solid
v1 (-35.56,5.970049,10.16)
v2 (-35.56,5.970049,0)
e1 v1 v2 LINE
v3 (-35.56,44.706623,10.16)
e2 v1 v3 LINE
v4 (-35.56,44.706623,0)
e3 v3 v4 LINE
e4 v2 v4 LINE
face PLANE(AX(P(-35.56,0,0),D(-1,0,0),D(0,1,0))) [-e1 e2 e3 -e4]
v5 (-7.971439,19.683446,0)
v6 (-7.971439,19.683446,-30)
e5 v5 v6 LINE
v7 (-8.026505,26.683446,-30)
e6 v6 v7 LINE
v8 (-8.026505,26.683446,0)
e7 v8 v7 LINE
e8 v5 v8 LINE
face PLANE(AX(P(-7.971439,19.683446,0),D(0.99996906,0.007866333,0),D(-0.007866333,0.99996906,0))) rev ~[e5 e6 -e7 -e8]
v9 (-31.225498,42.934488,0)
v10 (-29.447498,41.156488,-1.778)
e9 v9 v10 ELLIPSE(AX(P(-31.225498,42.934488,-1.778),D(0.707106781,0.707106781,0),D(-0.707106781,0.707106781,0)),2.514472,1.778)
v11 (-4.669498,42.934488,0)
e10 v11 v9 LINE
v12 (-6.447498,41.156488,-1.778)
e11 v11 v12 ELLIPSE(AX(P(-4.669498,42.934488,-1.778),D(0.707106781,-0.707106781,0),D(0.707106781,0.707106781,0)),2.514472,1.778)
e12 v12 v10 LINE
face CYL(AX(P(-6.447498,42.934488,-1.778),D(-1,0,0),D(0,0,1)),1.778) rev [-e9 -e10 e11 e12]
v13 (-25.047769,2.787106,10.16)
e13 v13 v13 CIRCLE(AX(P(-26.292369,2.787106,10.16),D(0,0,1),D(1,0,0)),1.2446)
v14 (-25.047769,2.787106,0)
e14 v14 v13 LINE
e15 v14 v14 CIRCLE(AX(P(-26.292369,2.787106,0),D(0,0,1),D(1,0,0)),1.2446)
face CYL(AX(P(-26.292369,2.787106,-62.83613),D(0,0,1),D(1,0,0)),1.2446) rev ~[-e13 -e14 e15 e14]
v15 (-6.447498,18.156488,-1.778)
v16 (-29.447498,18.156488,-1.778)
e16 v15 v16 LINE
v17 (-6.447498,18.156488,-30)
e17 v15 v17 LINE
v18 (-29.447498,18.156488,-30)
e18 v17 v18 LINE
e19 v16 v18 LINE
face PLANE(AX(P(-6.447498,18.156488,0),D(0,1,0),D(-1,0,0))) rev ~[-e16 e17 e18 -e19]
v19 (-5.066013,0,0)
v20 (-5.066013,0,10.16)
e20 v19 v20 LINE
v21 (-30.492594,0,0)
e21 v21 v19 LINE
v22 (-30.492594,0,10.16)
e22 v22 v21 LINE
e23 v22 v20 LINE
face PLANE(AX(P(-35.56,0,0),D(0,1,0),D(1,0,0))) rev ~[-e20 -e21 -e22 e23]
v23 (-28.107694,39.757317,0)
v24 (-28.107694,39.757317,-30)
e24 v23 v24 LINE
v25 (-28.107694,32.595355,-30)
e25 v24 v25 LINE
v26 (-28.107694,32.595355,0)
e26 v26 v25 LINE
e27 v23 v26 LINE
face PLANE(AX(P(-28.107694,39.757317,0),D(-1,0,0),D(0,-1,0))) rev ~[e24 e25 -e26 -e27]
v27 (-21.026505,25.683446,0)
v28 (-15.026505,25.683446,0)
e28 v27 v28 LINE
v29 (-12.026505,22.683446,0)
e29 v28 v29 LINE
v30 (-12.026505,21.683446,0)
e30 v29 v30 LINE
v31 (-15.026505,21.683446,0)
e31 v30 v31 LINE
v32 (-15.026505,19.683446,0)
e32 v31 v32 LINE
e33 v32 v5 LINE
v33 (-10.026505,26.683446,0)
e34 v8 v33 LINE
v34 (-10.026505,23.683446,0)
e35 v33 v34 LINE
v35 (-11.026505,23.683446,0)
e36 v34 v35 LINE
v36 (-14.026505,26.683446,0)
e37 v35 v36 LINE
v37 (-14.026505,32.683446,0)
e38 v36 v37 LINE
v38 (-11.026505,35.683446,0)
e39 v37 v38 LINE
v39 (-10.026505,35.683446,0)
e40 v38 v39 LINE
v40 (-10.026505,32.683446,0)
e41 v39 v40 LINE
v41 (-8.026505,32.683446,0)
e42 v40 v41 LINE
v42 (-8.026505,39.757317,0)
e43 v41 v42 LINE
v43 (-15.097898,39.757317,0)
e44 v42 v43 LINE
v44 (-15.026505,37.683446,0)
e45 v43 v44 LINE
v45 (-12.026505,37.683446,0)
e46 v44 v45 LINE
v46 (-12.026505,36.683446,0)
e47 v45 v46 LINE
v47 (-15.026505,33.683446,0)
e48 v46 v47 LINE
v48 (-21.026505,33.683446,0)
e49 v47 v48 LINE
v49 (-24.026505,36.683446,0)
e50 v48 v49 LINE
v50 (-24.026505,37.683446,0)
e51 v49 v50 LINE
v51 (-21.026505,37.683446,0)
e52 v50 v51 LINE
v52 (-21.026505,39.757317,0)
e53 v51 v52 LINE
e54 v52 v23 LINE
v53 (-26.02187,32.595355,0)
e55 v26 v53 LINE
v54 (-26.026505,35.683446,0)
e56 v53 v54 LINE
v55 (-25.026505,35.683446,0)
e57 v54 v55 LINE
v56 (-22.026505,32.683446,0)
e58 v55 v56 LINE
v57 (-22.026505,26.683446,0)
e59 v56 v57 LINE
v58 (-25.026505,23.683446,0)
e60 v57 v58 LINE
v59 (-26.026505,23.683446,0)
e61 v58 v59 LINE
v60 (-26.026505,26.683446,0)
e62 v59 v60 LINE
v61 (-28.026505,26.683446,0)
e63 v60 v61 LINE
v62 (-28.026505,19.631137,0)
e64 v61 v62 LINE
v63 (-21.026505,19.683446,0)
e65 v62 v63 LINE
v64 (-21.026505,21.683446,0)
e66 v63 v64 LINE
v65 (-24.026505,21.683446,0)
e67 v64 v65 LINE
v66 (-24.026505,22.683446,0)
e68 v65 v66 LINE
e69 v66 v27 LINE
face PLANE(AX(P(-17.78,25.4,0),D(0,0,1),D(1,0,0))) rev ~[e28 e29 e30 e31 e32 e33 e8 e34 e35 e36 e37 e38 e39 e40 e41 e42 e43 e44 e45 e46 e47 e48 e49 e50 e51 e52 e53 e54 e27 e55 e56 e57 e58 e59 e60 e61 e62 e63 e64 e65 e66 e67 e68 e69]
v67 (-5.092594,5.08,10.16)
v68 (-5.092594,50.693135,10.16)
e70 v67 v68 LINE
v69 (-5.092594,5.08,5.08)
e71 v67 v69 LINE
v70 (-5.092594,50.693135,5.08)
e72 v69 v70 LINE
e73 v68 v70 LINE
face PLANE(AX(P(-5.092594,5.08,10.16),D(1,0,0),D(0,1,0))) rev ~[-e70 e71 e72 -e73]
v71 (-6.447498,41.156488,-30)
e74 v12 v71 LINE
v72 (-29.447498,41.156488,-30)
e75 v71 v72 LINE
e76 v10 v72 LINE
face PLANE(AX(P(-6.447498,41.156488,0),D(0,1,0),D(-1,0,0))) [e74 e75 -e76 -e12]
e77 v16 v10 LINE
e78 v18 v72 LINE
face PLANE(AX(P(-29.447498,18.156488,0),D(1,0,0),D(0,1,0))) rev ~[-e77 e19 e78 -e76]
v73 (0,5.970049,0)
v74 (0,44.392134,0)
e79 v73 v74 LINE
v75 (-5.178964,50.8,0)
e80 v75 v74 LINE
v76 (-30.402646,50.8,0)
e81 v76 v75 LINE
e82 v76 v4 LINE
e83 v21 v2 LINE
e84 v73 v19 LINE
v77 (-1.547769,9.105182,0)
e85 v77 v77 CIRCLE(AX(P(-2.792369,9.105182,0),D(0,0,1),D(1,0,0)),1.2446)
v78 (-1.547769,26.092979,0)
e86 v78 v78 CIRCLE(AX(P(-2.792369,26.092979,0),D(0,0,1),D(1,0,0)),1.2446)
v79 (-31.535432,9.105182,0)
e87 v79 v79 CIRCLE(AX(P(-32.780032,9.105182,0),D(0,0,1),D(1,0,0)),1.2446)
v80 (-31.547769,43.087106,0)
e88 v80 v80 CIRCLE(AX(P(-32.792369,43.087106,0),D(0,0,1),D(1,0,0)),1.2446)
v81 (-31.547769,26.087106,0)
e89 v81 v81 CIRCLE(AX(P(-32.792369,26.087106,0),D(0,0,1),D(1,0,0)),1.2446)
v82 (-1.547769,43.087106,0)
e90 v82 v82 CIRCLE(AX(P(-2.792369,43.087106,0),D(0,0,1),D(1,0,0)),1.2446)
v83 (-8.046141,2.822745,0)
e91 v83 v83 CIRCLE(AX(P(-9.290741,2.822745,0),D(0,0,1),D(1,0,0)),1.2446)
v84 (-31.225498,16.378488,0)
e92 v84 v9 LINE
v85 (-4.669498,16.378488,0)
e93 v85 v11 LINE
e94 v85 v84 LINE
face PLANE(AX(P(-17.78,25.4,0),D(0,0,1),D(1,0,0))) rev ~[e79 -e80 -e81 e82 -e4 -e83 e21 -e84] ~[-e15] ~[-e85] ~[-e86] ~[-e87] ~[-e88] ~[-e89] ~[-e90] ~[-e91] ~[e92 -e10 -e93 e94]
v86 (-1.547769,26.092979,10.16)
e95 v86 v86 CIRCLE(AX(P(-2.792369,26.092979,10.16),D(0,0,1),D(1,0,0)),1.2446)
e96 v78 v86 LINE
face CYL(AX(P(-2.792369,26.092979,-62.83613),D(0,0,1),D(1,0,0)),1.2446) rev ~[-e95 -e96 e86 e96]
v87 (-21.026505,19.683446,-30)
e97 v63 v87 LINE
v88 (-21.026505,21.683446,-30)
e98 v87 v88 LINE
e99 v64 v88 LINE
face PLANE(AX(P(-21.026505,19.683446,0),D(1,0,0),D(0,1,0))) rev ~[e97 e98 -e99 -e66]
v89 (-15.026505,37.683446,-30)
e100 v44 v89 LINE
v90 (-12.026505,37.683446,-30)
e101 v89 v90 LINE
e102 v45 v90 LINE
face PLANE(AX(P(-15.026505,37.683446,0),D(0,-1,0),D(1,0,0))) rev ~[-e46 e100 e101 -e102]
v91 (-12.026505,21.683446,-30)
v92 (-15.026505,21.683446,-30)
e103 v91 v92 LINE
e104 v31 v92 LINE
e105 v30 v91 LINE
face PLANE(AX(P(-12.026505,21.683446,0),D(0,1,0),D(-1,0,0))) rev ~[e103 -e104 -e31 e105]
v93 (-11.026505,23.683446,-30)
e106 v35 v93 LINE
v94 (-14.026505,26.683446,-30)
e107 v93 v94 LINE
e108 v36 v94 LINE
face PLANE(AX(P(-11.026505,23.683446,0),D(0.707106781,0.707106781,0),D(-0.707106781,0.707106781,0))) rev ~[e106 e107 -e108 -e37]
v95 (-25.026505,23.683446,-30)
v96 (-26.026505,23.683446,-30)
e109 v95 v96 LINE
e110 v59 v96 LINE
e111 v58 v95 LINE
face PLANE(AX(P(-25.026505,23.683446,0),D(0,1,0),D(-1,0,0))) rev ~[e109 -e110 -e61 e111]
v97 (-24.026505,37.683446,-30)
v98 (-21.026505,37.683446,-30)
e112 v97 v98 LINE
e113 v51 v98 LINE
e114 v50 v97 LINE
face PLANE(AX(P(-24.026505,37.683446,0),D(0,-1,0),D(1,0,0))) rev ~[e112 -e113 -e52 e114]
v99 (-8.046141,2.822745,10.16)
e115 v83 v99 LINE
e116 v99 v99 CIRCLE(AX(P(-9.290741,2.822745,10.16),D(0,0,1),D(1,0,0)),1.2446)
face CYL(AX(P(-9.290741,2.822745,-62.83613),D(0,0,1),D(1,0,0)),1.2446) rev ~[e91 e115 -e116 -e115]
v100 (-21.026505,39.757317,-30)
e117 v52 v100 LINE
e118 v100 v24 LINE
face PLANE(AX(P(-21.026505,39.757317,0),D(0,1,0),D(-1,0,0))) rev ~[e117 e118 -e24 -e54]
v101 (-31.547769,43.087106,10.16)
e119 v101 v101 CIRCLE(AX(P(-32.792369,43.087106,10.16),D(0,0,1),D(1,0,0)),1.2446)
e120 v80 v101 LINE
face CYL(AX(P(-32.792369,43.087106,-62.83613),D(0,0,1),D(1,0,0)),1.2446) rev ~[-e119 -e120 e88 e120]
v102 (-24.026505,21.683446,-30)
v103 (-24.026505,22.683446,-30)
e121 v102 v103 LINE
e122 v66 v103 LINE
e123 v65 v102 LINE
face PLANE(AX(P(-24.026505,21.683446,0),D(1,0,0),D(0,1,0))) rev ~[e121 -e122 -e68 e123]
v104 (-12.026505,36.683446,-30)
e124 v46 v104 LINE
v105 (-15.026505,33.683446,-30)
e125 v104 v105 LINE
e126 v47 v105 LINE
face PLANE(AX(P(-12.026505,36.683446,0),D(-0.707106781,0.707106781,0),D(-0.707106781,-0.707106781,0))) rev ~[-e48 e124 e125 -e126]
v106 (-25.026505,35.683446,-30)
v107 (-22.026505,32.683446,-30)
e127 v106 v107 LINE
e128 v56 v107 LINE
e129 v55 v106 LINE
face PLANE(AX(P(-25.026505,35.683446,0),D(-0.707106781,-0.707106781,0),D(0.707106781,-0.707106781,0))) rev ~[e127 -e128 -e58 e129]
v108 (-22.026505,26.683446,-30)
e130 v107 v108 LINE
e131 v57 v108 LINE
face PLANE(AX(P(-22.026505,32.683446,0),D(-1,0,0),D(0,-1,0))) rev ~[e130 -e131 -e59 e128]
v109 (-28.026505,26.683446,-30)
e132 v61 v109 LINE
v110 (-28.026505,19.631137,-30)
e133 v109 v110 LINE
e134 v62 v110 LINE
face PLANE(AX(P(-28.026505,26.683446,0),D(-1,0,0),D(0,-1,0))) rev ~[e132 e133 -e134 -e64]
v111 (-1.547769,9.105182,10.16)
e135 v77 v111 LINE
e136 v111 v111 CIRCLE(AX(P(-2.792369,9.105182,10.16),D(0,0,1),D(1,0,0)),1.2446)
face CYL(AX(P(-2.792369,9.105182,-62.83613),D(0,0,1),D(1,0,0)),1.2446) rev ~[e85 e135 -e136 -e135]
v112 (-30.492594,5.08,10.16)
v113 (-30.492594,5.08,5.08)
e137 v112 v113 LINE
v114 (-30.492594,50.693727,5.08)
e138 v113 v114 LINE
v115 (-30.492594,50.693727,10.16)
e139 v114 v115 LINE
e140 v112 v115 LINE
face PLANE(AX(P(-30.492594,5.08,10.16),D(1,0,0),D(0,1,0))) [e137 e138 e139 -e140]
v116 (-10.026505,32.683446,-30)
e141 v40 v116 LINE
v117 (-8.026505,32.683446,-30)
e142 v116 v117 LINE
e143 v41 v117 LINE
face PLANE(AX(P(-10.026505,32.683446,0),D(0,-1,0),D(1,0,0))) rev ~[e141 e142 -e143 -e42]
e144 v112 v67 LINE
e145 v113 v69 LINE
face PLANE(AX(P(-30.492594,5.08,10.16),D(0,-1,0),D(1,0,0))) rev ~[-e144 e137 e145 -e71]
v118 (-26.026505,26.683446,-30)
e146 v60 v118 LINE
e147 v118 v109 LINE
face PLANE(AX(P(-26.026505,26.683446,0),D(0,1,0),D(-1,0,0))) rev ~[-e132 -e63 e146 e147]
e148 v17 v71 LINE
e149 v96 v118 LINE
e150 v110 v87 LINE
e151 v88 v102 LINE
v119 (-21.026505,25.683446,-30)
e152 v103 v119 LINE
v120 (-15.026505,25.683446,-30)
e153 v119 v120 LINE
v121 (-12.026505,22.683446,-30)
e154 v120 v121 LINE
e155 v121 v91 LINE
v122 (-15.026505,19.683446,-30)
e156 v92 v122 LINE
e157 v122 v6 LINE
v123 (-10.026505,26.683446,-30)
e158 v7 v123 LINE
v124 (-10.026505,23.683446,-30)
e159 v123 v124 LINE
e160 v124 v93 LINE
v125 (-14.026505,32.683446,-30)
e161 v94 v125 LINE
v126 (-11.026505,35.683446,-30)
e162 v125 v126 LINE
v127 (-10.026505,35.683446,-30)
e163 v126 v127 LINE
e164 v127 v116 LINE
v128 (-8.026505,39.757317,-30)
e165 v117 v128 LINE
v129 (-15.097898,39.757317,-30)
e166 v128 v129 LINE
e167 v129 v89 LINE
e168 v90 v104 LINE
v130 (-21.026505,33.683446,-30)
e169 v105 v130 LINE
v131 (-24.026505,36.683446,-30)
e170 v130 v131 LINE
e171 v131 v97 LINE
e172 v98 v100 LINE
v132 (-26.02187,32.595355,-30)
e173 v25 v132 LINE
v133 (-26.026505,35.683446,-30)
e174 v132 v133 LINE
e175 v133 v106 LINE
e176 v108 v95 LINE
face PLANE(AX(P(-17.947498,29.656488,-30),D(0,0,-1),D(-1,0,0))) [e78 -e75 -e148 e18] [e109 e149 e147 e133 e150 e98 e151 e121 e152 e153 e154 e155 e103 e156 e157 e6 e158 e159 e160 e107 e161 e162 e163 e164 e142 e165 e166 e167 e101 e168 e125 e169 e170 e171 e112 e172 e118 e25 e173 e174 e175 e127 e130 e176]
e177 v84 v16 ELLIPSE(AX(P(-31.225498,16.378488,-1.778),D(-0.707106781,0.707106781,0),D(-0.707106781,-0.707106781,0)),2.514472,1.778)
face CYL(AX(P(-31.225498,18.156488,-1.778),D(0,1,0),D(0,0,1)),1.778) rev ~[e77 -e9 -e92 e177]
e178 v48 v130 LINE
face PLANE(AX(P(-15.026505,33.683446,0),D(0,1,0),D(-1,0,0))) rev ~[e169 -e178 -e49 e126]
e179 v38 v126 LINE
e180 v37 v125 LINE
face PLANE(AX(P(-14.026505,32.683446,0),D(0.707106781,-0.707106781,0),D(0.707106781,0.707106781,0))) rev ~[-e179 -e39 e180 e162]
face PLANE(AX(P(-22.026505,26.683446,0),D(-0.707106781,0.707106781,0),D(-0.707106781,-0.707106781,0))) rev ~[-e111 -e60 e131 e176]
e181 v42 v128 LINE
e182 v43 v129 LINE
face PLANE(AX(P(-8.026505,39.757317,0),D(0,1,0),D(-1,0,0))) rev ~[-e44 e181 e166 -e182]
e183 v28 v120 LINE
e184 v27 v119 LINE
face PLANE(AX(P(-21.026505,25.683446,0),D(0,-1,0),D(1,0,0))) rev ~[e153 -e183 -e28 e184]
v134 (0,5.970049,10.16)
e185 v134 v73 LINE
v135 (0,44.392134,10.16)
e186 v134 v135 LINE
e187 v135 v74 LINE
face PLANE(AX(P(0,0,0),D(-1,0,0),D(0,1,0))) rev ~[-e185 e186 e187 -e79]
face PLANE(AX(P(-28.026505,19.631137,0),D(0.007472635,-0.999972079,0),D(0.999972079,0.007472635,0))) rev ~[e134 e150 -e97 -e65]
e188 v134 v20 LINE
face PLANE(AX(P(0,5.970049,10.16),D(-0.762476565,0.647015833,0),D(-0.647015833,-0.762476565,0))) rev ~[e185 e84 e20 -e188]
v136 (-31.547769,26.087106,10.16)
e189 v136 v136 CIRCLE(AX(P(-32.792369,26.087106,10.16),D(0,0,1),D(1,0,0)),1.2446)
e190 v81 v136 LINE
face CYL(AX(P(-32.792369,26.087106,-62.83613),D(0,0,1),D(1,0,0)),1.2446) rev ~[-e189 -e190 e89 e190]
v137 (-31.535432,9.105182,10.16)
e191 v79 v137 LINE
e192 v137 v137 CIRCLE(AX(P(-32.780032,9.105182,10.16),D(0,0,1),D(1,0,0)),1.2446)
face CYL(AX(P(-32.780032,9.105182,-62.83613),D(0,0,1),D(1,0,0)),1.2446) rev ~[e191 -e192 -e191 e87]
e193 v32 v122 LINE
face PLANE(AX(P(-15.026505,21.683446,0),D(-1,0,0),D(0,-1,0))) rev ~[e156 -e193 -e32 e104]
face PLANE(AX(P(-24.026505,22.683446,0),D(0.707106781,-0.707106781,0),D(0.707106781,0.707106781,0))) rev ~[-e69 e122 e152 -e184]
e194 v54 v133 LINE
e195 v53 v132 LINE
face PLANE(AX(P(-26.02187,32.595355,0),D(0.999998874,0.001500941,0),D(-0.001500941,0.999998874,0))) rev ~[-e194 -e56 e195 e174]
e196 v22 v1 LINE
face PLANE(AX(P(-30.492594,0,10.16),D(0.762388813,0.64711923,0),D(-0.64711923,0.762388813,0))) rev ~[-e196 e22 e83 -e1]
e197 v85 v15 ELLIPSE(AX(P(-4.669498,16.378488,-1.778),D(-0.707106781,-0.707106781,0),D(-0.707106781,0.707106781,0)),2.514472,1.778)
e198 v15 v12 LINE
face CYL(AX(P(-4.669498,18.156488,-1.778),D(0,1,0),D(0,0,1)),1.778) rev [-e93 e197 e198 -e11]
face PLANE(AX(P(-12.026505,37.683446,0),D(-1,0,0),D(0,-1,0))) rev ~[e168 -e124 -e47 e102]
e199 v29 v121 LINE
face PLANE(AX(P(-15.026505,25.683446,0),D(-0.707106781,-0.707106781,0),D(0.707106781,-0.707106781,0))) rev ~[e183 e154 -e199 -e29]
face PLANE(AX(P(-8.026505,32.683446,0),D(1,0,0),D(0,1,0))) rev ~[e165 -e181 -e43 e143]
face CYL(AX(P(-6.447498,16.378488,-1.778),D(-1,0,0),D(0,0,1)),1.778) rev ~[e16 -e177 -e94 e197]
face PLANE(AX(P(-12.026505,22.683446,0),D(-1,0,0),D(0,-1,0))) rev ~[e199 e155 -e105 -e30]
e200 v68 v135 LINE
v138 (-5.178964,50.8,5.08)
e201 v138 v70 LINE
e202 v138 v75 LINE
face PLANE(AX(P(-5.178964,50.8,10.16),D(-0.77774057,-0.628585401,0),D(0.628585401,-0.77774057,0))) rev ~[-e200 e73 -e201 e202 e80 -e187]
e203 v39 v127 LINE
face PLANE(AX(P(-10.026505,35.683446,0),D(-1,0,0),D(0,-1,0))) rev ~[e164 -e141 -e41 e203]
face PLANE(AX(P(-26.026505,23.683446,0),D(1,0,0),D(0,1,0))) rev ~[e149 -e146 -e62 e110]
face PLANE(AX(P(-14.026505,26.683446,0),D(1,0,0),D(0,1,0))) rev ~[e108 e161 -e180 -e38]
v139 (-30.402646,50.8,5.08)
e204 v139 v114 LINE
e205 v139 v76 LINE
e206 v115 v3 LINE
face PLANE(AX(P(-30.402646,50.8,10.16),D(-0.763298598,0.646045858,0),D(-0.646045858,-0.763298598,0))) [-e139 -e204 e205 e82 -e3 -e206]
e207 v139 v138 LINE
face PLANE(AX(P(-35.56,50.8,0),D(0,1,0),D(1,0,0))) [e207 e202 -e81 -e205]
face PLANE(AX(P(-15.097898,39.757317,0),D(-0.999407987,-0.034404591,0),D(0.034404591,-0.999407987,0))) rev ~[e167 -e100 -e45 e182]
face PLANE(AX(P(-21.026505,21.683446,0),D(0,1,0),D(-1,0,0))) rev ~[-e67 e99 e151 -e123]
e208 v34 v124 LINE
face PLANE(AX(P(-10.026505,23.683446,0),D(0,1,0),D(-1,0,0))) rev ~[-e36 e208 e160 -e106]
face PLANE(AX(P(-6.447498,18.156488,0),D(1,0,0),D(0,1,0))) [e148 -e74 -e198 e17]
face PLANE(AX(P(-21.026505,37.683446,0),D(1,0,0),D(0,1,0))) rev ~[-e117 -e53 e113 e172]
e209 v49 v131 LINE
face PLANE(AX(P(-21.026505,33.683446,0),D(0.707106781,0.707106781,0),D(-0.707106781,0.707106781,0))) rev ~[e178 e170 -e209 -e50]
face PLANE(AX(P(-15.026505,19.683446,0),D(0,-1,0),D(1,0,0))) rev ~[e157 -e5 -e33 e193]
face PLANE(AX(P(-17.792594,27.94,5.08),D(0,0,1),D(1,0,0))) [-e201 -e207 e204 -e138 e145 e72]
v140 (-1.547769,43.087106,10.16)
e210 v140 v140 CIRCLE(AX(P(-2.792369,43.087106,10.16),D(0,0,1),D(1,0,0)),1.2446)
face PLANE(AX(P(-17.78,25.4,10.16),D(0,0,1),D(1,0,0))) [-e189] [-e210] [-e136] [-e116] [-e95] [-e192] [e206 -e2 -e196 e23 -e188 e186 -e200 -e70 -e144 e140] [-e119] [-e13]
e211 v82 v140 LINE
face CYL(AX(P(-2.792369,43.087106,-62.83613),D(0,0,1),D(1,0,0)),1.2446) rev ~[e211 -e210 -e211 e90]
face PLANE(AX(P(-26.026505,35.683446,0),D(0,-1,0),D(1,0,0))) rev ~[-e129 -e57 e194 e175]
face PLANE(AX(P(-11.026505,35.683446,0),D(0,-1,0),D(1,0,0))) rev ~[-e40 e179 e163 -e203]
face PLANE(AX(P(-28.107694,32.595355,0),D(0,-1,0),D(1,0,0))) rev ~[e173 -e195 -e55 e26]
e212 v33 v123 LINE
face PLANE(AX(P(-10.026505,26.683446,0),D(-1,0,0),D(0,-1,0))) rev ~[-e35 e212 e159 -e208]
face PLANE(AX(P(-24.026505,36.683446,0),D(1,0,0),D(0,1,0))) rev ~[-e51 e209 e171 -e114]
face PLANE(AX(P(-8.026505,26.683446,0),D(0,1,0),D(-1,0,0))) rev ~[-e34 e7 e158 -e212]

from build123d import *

# Parameters (mm, degrees)
SKETCH1_W                   = 35.56
SKETCH1_H                   = 50.8
BOSS_EXTRUDE1_DEPTH         = 10.16
SKETCH2_W                   = 25.4
SKETCH2_H                   = 45.72
CUT_EXTRUDE2_DEPTH          = 5.08
F_40_0_098_DIAMETER_HOLE1_D = 2.4892
SKETCH7_W                   = 23
SKETCH7_H                   = 23
BOSS_EXTRUDE2_DEPTH         = 30
FILLET1_R                   = 1.778
CUT_EXTRUDE3_DEPTH          = 74.878137497


with BuildPart() as part:
    # Sketch1 → Boss-Extrude1 (new body)
    with BuildSketch(Plane.XY):
        with Locations((-17.78, 25.4)):
            Rectangle(SKETCH1_W, SKETCH1_H)
    extrude(amount=BOSS_EXTRUDE1_DEPTH)

    # Sketch2 → Cut-Extrude2 (cut)
    with BuildSketch(Plane.XY.offset(10.16)):
        with Locations((-17.792594088, 27.94)):
            Rectangle(SKETCH2_W, SKETCH2_H)
    extrude(amount=-CUT_EXTRUDE2_DEPTH, mode=Mode.SUBTRACT)

    # #40 (0.098) Diameter Hole1 (through all)
    with Locations(Plane(origin=(0, 0, 0), x_dir=(-1, 0, 0), z_dir=(0, 0, -1))):
        with Locations((2.792369004, 43.087106138), (2.792369004, 26.092979092), (2.792369004, 9.105182099), (9.290740849, 2.822744672), (26.292369004, 2.787106138), (32.780032006, 9.105182099), (32.792369004, 26.087106138), (32.792369004, 43.087106138)):
            Hole(F_40_0_098_DIAMETER_HOLE1_D / 2)

    # Sketch7 → Boss-Extrude2 (add)
    with BuildSketch(Plane(origin=(0, 0, 0), x_dir=(-1, 0, 0), z_dir=(0, 0, -1))):
        with Locations((17.947498481, 29.656487967)):
            Rectangle(SKETCH7_W, SKETCH7_H)
        Polygon((15.026504795, 33.68344643), (21.026504795, 33.68344643), (24.026504795, 36.68344643), (24.026504795, 37.68344643), (21.026504795, 37.68344643), (21.026504795, 39.757316979), (28.107693687, 39.757316979), (28.107693687, 32.595354636), (26.021869747, 32.595354636), (26.026504795, 35.68344643), (25.026504795, 35.68344643), (22.026504795, 32.68344643), (22.026504795, 26.68344643), (25.026504795, 23.68344643), (26.026504795, 23.68344643), (26.026504795, 26.68344643), (28.026504795, 26.68344643), (28.026504795, 19.631136525), (21.026504795, 19.68344643), (21.026504795, 21.68344643), (24.026504795, 21.68344643), (24.026504795, 22.68344643), (21.026504795, 25.68344643), (15.026504795, 25.68344643), (12.026504795, 22.68344643), (12.026504795, 21.68344643), (15.026504795, 21.68344643), (15.026504795, 19.68344643), (7.971438759, 19.68344643), (8.026504795, 26.68344643), (10.026504795, 26.68344643), (10.026504795, 23.68344643), (11.026504795, 23.68344643), (14.026504795, 26.68344643), (14.026504795, 32.68344643), (11.026504795, 35.68344643), (10.026504795, 35.68344643), (10.026504795, 32.68344643), (8.026504795, 32.68344643), (8.026504795, 39.757316979), (15.097897728, 39.757316979), (15.026504795, 37.68344643), (12.026504795, 37.68344643), (12.026504795, 36.68344643), align=None, mode=Mode.SUBTRACT)
    extrude(amount=BOSS_EXTRUDE2_DEPTH)

    # Fillet1
    fillet1_edges = [part.edges().sort_by_distance(p)[0] for p in [
        (-6.447498481, 29.656487967, 0),
        (-17.947498481, 18.156487967, 0),
        (-29.447498481, 29.656487967, 0),
        (-17.947498481, 41.156487967, 0),
    ]]
    fillet(fillet1_edges, radius=FILLET1_R)

    # Sketch8 → Cut-Extrude3 (cut, through all)
    with BuildSketch(Plane.XY.offset(10.16)):
        Polygon((-5.178964387, 50.8), (0, 44.392134486), (0, 50.8), align=None)
        Polygon((-35.56, 44.706622517), (-35.56, 50.8), (-30.402645731, 50.8), align=None)
        Polygon((-35.56, 5.970049098), (-35.56, 0), (-30.492594088, 0), align=None)
        Polygon((-5.092594088, -0.031324356), (0, 0), (0, 5.970049098), align=None)
    extrude(amount=-CUT_EXTRUDE3_DEPTH, mode=Mode.SUBTRACT)


solid = part.part
